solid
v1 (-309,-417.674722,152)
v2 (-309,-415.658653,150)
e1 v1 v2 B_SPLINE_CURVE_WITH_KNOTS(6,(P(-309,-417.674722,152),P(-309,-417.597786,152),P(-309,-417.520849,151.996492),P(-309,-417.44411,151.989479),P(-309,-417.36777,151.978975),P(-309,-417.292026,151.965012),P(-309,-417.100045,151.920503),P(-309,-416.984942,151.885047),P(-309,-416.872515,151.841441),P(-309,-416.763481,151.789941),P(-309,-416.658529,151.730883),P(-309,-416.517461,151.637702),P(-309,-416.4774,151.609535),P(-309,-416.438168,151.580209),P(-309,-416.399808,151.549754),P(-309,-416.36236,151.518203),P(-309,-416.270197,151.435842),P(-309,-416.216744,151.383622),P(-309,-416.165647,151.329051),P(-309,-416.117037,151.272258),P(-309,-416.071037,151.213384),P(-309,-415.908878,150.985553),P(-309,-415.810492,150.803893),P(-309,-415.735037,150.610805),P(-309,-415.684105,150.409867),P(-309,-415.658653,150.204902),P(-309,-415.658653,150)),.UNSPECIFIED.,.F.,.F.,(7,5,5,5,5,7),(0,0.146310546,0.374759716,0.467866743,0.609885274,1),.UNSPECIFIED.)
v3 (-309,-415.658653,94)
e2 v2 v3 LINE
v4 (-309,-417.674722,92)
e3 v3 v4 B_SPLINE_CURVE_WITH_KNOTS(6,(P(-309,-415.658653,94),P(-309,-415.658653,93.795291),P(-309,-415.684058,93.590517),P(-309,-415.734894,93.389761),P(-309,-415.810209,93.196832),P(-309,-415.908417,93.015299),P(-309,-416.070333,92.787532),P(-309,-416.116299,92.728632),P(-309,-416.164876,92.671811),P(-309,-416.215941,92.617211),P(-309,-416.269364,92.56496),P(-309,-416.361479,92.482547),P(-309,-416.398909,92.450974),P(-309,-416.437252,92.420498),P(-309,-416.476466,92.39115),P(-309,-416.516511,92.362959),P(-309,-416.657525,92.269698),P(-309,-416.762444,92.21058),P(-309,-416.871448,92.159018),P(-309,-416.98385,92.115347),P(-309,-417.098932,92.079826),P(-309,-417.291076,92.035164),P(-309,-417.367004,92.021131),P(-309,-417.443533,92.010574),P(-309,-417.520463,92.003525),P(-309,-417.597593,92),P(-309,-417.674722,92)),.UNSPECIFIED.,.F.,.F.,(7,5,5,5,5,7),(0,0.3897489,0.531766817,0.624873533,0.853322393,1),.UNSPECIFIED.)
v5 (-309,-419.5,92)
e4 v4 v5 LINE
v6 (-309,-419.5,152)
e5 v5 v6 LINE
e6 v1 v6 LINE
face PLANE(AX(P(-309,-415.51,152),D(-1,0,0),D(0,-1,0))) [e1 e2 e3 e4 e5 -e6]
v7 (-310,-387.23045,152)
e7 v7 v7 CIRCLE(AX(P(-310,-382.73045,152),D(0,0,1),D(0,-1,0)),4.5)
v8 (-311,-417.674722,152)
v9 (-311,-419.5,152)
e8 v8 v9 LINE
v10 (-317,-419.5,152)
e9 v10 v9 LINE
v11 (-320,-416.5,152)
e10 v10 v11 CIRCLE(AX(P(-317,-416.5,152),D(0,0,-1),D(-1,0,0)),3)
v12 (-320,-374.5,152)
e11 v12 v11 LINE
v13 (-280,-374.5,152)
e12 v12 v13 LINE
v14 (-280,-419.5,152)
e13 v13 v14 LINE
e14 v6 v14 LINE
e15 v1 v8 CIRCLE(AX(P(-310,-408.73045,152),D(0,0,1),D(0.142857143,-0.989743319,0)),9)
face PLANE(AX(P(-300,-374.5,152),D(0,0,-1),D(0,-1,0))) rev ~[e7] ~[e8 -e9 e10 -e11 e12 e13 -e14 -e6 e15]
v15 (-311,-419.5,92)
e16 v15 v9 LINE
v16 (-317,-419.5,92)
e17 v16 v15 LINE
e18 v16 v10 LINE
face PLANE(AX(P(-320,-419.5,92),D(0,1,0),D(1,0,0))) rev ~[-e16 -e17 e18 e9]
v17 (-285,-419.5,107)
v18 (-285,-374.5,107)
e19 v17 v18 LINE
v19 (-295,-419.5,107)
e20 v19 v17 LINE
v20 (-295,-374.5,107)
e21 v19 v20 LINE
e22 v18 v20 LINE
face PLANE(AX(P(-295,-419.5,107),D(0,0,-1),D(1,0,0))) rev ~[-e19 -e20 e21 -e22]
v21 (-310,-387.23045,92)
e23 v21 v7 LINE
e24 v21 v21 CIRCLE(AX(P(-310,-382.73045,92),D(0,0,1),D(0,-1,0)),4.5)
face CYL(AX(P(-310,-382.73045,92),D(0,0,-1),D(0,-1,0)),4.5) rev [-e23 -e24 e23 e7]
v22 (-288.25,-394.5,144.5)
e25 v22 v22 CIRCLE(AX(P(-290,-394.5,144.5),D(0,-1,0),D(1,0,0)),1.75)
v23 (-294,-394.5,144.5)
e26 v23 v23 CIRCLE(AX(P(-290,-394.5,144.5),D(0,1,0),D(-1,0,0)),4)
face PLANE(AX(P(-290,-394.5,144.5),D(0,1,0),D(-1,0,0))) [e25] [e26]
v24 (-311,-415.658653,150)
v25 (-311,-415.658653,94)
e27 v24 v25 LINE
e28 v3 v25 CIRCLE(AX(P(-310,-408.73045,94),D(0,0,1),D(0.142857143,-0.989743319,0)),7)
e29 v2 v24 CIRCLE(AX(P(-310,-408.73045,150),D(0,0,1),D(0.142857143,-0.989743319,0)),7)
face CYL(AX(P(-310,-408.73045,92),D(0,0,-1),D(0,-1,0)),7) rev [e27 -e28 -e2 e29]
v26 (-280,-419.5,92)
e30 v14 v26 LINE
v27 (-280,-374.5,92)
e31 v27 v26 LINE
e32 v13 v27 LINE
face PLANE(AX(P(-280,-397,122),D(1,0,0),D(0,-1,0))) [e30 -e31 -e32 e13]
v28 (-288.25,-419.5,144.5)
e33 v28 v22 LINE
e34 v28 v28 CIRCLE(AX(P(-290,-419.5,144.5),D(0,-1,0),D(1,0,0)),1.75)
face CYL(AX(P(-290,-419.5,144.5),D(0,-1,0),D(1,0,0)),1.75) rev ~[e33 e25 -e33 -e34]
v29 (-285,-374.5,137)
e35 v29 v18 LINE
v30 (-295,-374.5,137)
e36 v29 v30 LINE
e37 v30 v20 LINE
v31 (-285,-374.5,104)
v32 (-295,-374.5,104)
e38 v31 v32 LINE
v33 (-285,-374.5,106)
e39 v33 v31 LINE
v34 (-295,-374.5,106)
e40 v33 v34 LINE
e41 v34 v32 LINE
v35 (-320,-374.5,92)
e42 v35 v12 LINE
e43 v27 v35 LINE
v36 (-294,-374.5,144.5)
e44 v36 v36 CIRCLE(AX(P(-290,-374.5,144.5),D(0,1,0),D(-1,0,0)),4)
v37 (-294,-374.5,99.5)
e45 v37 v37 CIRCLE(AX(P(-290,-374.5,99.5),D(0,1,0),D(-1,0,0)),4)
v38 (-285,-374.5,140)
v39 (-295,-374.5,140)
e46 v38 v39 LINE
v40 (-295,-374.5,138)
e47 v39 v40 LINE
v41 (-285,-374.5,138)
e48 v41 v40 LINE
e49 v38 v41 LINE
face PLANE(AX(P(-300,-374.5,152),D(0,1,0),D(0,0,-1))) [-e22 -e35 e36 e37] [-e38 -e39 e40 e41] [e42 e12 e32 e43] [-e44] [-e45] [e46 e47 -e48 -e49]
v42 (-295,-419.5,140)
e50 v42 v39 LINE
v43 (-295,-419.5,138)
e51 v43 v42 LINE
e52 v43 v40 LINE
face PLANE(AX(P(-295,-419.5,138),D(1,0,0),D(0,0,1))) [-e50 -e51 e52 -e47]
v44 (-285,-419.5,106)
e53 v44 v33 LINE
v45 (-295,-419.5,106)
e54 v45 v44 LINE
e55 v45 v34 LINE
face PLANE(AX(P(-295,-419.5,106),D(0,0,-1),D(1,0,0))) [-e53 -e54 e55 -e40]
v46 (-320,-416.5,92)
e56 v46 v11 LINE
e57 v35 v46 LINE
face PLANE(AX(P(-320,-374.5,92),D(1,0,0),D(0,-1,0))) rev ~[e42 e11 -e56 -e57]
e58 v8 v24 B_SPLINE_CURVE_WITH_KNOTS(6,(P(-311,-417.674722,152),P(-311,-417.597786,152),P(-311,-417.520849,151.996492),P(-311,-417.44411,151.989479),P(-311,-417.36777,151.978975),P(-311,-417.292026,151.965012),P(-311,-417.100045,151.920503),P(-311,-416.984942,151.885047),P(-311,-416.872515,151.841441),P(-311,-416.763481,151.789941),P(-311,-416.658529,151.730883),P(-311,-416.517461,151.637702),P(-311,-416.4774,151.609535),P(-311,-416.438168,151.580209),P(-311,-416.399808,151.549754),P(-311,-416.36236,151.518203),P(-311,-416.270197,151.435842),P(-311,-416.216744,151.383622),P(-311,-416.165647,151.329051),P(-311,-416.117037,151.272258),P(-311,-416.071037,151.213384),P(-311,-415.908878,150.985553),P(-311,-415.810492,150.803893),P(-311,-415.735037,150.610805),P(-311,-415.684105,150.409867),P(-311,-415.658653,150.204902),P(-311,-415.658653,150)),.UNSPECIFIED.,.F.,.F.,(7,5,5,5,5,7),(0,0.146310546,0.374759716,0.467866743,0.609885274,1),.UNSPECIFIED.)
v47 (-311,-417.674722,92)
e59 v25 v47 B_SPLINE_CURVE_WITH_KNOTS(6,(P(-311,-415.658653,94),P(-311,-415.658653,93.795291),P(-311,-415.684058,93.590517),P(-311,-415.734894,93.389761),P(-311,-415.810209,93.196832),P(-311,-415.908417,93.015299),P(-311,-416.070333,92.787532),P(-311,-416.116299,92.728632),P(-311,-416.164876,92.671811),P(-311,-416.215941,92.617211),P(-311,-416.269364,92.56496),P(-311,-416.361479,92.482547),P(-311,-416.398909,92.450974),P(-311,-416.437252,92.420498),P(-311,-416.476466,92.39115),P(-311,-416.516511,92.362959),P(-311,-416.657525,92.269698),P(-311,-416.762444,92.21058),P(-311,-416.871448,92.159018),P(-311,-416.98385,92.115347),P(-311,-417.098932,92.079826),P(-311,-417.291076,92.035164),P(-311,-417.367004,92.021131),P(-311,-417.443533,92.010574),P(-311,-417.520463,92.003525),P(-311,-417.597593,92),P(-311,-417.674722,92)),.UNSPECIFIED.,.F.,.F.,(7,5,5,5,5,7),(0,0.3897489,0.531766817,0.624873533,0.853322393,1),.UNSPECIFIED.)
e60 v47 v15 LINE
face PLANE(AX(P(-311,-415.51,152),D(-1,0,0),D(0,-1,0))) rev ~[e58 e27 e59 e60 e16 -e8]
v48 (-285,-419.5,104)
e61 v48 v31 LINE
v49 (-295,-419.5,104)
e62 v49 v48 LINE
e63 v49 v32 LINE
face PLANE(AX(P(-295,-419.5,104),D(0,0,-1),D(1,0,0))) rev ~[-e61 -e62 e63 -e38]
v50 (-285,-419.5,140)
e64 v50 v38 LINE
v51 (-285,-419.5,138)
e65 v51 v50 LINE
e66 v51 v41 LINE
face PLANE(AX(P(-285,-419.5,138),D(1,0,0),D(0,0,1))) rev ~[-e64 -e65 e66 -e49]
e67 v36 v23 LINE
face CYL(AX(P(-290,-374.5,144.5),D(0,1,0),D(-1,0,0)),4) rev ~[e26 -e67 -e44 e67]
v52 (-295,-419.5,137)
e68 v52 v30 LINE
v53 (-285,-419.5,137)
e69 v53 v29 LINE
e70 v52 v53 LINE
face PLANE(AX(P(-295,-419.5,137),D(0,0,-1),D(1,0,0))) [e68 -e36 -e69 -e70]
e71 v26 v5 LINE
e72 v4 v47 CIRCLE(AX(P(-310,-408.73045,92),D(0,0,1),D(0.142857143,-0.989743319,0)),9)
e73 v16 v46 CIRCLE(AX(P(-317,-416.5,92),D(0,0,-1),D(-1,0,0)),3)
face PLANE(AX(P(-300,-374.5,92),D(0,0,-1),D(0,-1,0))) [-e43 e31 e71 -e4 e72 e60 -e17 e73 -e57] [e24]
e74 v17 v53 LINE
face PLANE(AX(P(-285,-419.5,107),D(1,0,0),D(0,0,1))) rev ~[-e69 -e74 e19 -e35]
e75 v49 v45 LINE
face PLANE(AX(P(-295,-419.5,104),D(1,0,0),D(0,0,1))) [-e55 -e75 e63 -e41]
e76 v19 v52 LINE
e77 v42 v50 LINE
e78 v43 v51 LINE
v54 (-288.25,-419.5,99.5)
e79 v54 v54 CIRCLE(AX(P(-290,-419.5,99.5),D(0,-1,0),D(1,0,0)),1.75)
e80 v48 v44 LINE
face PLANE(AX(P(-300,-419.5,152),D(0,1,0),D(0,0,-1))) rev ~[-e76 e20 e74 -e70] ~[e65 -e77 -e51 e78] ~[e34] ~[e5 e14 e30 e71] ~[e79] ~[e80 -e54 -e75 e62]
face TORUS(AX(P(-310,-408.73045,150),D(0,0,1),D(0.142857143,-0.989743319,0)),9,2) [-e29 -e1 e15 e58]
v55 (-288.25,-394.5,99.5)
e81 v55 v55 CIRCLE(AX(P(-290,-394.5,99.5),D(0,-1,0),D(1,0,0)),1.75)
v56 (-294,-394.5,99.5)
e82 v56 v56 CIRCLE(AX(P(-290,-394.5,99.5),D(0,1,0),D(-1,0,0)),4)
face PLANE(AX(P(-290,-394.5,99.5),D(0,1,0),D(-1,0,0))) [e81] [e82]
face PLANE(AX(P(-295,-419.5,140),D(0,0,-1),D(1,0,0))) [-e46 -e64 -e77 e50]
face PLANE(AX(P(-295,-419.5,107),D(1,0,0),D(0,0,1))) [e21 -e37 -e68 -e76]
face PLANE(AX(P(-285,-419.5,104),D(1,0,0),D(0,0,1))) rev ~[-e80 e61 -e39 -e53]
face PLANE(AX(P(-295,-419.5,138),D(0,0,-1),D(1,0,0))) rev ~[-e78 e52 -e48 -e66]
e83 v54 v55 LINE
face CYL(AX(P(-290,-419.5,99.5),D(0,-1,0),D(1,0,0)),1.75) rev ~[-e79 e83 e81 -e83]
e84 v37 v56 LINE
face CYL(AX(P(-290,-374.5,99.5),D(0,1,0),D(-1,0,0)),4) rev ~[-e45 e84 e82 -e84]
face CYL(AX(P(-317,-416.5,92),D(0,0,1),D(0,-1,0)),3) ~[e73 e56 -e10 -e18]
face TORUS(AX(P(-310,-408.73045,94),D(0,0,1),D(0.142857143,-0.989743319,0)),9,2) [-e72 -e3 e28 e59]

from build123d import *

# Parameters (mm, degrees)
SKETCH051_W              = 45
SKETCH051_H              = 20
SKETCH051_R              = 4.5
SKETCH051_R_2            = 7
PAD029_DEPTH             = 60
SKETCH052_W              = 4
SKETCH052_H              = 2
POCKET025_DEPTH          = 60.001
POCKET025_FACE1_W        = 45
POCKET025_FACE1_H        = 60
PAD030_DEPTH             = 20
FILLET001_R              = 3
FILLET002_R              = 2
FILLET003_R              = 2
SKETCH054_R              = 4
POCKET026_DEPTH          = 20
SKETCH053_R              = 1.75
SKETCH053_W              = 10
SKETCH053_H              = 30
SKETCH053_H_2            = 2
POCKET027_DEPTH          = 45.001
CLONE046_PLACEMENT_ANGLE = 90


with BuildPart() as part:
    # Sketch051 → Pad029 (new body)
    with BuildSketch(Plane.XY):
        Rectangle(SKETCH051_W, SKETCH051_H)
        with Locations((-14.26955, 0)):
            Circle(SKETCH051_R, mode=Mode.SUBTRACT)
        with Locations((11.73045, 0)):
            Circle(SKETCH051_R_2, mode=Mode.SUBTRACT)
    extrude(amount=PAD029_DEPTH)

    # Sketch052 (on Face8 of Pad029) → Pocket025 (cut, through all)
    with BuildSketch(Plane.XY.offset(60)):
        with Locations((20.51, 0)):
            Rectangle(SKETCH052_W, SKETCH052_H)
    extrude(amount=-POCKET025_DEPTH, mode=Mode.SUBTRACT)

    # Pocket025 Face1 → Pad030 (add)
    with BuildSketch(Plane(origin=(0, 10, 30), x_dir=(1, 0, 0), z_dir=(0, 1, 0))):
        Rectangle(POCKET025_FACE1_W, POCKET025_FACE1_H)
    extrude(amount=PAD030_DEPTH)

    # Fillet001
    fillet001_edges = [part.edges().sort_by_distance(p)[0] for p in [
        (22.5, -10, 30),
    ]]
    fillet(fillet001_edges, radius=FILLET001_R)

    # Fillet002
    fillet002_edges = [part.edges().sort_by_distance(p)[0] for p in [
        (4.73045, 0, 60),
    ]]
    fillet(fillet002_edges, radius=FILLET002_R)

    # Fillet003
    fillet003_edges = [part.edges().sort_by_distance(p)[0] for p in [
        (4.73045, 0, 0),
    ]]
    fillet(fillet003_edges, radius=FILLET003_R)

    # Sketch054 (on Face3 of Pad030) → Pocket026 (cut)
    with BuildSketch(Plane(origin=(-22.5, 0, 0), x_dir=(0, -1, 0), z_dir=(-1, 0, 0))):
        with Locations((-20, 52.5)):
            Circle(SKETCH054_R)
        with Locations((-20, 7.5)):
            Circle(SKETCH054_R)
    extrude(amount=-POCKET026_DEPTH, mode=Mode.SUBTRACT)

    # Sketch053 (on Face15 of Pad030) → Pocket027 (cut, through all)
    with BuildSketch(Plane.YZ.offset(22.5)):
        with Locations((20, 52.5)):
            Circle(SKETCH053_R)
        with Locations((20, 7.5)):
            Circle(SKETCH053_R)
        with Locations((20, 30)):
            Rectangle(SKETCH053_W, SKETCH053_H)
        with Locations((20, 47)):
            Rectangle(SKETCH053_W, SKETCH053_H_2)
        with Locations((20, 13)):
            Rectangle(SKETCH053_W, SKETCH053_H_2)
    extrude(amount=-POCKET027_DEPTH, mode=Mode.SUBTRACT)


with BuildPart() as part_1:
    # Clone046 placement: moved
    add(part.part.moved(Location((-310, -397, 92))).rotate(Axis((-310, -397, 92), (0, 0, -1)), CLONE046_PLACEMENT_ANGLE))


solid = part_1.part
